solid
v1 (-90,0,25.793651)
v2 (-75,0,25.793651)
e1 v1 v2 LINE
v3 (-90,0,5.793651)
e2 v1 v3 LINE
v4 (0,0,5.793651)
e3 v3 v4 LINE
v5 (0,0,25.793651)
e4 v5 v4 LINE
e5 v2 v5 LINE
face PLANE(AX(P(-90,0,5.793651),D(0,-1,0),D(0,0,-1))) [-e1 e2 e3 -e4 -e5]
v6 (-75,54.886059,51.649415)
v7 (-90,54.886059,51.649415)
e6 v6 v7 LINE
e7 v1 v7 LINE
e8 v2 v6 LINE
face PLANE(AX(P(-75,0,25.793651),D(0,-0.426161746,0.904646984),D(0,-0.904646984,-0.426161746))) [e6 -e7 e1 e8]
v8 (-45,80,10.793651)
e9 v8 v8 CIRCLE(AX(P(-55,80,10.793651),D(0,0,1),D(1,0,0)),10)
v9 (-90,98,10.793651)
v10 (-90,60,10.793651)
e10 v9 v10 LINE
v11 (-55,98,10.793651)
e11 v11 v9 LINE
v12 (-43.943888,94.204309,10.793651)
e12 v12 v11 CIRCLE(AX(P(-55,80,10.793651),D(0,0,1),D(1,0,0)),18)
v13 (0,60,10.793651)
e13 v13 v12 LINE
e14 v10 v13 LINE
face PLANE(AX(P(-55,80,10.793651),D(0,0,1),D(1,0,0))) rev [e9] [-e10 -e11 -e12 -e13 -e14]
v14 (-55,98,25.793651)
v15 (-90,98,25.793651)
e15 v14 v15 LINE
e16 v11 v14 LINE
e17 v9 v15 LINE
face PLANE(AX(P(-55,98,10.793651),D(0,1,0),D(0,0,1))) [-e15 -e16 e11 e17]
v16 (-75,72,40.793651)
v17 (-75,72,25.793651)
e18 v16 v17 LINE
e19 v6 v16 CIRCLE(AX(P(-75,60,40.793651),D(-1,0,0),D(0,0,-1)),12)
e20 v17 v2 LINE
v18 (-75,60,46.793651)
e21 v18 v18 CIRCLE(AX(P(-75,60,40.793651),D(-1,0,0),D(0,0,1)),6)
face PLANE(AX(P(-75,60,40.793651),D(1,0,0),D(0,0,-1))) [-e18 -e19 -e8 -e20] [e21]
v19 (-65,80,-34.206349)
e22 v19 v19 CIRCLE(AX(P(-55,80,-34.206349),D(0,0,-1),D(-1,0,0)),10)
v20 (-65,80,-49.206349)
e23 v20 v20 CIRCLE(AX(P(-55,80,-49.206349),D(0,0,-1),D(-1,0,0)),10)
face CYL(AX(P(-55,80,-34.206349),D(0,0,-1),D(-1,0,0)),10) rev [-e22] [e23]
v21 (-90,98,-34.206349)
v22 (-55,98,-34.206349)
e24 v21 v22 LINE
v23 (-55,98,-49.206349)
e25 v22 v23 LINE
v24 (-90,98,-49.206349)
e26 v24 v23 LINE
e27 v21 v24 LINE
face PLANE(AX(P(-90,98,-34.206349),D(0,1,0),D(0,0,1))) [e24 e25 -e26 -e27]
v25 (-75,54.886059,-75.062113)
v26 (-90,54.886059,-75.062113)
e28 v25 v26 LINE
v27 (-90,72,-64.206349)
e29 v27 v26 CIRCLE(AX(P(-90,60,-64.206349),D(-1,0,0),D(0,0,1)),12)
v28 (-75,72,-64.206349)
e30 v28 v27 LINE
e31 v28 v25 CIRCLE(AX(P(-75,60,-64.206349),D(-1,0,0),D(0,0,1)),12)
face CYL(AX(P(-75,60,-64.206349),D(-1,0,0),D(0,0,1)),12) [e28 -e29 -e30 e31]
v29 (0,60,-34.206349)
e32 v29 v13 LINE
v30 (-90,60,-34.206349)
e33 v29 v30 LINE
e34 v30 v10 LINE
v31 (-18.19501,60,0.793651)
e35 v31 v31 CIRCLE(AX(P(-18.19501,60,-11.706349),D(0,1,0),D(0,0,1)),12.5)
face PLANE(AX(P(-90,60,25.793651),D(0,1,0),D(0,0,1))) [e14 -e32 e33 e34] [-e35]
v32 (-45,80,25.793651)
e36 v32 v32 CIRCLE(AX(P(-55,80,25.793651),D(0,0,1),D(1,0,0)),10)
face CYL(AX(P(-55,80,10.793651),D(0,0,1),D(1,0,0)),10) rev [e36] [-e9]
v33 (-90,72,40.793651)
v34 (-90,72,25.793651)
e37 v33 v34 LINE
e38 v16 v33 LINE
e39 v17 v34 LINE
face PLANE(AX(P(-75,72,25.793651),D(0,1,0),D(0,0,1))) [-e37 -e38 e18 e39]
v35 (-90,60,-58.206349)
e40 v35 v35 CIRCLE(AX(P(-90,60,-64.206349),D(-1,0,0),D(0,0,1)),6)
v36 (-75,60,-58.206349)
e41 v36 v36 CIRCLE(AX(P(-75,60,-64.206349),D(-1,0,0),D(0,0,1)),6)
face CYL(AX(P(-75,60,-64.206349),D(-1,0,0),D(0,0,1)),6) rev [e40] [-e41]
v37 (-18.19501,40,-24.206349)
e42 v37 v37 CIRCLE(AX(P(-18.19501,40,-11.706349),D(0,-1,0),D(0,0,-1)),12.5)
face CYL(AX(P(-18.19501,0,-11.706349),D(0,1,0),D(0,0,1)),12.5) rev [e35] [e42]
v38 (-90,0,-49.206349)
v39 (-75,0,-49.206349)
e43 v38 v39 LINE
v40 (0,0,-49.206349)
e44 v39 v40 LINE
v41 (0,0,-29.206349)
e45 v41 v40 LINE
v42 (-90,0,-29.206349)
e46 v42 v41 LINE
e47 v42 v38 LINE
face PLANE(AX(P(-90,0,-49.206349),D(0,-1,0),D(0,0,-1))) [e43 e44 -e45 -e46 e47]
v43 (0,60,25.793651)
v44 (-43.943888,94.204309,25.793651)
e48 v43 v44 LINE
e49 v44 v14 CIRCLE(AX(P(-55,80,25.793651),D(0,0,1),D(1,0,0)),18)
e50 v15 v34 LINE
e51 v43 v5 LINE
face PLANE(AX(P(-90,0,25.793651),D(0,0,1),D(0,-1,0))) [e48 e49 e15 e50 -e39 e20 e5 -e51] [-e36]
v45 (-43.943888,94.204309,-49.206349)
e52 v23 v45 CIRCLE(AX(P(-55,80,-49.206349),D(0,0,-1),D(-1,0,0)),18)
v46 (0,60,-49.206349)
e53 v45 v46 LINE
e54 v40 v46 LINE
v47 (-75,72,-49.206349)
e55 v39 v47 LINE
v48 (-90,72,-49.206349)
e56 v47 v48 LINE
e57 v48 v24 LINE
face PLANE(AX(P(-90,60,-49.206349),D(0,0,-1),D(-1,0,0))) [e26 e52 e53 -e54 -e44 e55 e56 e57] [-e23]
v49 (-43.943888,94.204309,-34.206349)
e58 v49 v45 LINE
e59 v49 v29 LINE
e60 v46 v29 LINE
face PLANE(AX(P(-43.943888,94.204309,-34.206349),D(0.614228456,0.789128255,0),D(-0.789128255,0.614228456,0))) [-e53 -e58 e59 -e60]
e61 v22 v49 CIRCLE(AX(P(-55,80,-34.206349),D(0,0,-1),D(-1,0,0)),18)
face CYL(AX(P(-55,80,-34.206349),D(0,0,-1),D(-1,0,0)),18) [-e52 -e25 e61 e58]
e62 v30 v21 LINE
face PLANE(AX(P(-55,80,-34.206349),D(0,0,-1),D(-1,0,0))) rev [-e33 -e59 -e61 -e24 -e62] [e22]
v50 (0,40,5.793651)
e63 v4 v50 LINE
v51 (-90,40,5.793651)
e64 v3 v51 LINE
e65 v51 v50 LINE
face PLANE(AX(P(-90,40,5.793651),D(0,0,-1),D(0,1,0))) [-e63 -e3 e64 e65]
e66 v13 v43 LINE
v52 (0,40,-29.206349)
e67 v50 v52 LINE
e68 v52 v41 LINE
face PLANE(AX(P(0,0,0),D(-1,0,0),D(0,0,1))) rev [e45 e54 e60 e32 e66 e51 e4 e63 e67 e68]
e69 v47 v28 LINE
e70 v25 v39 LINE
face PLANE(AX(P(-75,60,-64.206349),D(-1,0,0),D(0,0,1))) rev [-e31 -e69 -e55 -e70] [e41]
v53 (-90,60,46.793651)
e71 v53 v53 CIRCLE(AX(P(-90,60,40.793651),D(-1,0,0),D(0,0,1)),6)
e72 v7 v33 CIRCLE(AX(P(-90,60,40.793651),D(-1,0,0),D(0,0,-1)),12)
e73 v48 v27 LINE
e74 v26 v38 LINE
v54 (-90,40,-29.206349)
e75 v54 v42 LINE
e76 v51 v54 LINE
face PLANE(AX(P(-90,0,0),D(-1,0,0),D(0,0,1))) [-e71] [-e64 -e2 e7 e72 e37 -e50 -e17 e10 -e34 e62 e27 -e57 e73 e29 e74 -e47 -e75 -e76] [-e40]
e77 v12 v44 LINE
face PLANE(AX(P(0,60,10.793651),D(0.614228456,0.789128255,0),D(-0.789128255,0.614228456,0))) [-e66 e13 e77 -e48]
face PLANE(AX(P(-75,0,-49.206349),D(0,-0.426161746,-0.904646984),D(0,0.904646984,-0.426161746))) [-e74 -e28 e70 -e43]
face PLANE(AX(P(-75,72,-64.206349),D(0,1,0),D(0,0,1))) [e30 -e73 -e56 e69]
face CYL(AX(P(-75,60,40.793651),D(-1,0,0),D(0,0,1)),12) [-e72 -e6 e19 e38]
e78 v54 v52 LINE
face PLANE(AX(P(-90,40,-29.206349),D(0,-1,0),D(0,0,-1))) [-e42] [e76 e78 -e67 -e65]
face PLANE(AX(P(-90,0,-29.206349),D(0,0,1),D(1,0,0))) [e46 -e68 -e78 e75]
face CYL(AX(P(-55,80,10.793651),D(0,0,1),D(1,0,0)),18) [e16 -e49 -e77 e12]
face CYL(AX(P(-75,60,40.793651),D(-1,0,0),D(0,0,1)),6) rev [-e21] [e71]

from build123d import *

# Parameters (mm, degrees)
BOSS_EXTRUDE1_DEPTH = 90
SKETCH2_R           = 10
BOSS_EXTRUDE2_DEPTH = 15
BOSS_EXTRUDE3_START = -15
SKETCH3_R           = 10
BOSS_EXTRUDE3_DEPTH = 15
SKETCH5_R           = 6
BOSS_EXTRUDE4_DEPTH = 15
SKETCH6_R           = 6
BOSS_EXTRUDE5_DEPTH = 15
SKETCH7_R           = 12.5
CUT_EXTRUDE1_DEPTH  = 133.315560912


with BuildPart() as part:
    # Sketch1 → Boss-Extrude1 (new body)
    with BuildSketch(Plane(origin=(0, 0, 0), x_dir=(0, 0, -1), z_dir=(1, 0, 0))):
        Polygon((-25.793650794, 0), (-25.793650794, 60), (49.206349206, 60), (49.206349206, 0), (29.206349206, 0), (29.206349206, 40), (-5.793650794, 40), (-5.793650794, 0), align=None)
    extrude(amount=-BOSS_EXTRUDE1_DEPTH)

    # Sketch2 → Boss-Extrude2 (add)
    with BuildSketch(Plane.XY.offset(25.793650794)):
        with BuildLine():
            Line((0, 60), (-43.943887784, 94.204308595))
            ThreePointArc((-43.943887784, 94.204308595), (-49.155239727, 97.024652048), (-55, 98))
            Line((-55, 98), (-90, 98))
            Line((-90, 98), (-90, 60))
            Line((-90, 60), (0, 60))
        make_face()
        with Locations((-55, 80)):
            Circle(SKETCH2_R, mode=Mode.SUBTRACT)
    extrude(amount=-BOSS_EXTRUDE2_DEPTH)

    # Sketch3 → Boss-Extrude3 (add)
    with BuildSketch(Plane(origin=(0, 0, -49.206349206), x_dir=(-1, 0, 0), z_dir=(0, 0, -1)).offset(BOSS_EXTRUDE3_START)):
        with BuildLine():
            Line((0, 60), (90, 60))
            Line((90, 60), (90, 98))
            Line((90, 98), (55, 98))
            ThreePointArc((55, 98), (49.155239727, 97.024652048), (43.943887784, 94.204308595))
            Line((43.943887784, 94.204308595), (0, 60))
        make_face()
        with Locations(Location((55, 80, 0), (0, 0, 180))):
            Circle(SKETCH3_R, mode=Mode.SUBTRACT)
    extrude(amount=BOSS_EXTRUDE3_DEPTH)

    # Sketch5 → Boss-Extrude4 (add)
    with BuildSketch(Plane.ZY.offset(90)):
        with BuildLine():
            Line((25.793650794, 0), (25.793650794, 72))
            Line((25.793650794, 72), (40.793650794, 72))
            ThreePointArc((40.793650794, 72), (50.926944716, 66.427779888), (51.649414605, 54.886059047))
            Line((51.649414605, 54.886059047), (25.793650794, 0))
        make_face()
        with Locations((40.793650794, 60)):
            Circle(SKETCH5_R, mode=Mode.SUBTRACT)
    extrude(amount=-BOSS_EXTRUDE4_DEPTH)

    # Sketch6 → Boss-Extrude5 (add)
    with BuildSketch(Plane.ZY.offset(90)):
        with BuildLine():
            Line((-49.206349206, 0), (-75.062113018, 54.886059047))
            ThreePointArc((-75.062113018, 54.886059047), (-74.339643129, 66.427779888), (-64.206349206, 72))
            Line((-64.206349206, 72), (-49.206349206, 72))
            Line((-49.206349206, 72), (-49.206349206, 0))
        make_face()
        with Locations((-64.206349206, 60)):
            Circle(SKETCH6_R, mode=Mode.SUBTRACT)
    extrude(amount=-BOSS_EXTRUDE5_DEPTH)

    # Sketch7 → Cut-Extrude1 (cut, through all)
    with BuildSketch(Plane(origin=(0, 60, 0), x_dir=(1, 0, 0), z_dir=(0, 1, 0))):
        with Locations(Location((-18.195009626, 11.706349206, 0), (0, 0, 270))):
            Circle(SKETCH7_R)
    extrude(amount=-CUT_EXTRUDE1_DEPTH, mode=Mode.SUBTRACT)


solid = part.part
